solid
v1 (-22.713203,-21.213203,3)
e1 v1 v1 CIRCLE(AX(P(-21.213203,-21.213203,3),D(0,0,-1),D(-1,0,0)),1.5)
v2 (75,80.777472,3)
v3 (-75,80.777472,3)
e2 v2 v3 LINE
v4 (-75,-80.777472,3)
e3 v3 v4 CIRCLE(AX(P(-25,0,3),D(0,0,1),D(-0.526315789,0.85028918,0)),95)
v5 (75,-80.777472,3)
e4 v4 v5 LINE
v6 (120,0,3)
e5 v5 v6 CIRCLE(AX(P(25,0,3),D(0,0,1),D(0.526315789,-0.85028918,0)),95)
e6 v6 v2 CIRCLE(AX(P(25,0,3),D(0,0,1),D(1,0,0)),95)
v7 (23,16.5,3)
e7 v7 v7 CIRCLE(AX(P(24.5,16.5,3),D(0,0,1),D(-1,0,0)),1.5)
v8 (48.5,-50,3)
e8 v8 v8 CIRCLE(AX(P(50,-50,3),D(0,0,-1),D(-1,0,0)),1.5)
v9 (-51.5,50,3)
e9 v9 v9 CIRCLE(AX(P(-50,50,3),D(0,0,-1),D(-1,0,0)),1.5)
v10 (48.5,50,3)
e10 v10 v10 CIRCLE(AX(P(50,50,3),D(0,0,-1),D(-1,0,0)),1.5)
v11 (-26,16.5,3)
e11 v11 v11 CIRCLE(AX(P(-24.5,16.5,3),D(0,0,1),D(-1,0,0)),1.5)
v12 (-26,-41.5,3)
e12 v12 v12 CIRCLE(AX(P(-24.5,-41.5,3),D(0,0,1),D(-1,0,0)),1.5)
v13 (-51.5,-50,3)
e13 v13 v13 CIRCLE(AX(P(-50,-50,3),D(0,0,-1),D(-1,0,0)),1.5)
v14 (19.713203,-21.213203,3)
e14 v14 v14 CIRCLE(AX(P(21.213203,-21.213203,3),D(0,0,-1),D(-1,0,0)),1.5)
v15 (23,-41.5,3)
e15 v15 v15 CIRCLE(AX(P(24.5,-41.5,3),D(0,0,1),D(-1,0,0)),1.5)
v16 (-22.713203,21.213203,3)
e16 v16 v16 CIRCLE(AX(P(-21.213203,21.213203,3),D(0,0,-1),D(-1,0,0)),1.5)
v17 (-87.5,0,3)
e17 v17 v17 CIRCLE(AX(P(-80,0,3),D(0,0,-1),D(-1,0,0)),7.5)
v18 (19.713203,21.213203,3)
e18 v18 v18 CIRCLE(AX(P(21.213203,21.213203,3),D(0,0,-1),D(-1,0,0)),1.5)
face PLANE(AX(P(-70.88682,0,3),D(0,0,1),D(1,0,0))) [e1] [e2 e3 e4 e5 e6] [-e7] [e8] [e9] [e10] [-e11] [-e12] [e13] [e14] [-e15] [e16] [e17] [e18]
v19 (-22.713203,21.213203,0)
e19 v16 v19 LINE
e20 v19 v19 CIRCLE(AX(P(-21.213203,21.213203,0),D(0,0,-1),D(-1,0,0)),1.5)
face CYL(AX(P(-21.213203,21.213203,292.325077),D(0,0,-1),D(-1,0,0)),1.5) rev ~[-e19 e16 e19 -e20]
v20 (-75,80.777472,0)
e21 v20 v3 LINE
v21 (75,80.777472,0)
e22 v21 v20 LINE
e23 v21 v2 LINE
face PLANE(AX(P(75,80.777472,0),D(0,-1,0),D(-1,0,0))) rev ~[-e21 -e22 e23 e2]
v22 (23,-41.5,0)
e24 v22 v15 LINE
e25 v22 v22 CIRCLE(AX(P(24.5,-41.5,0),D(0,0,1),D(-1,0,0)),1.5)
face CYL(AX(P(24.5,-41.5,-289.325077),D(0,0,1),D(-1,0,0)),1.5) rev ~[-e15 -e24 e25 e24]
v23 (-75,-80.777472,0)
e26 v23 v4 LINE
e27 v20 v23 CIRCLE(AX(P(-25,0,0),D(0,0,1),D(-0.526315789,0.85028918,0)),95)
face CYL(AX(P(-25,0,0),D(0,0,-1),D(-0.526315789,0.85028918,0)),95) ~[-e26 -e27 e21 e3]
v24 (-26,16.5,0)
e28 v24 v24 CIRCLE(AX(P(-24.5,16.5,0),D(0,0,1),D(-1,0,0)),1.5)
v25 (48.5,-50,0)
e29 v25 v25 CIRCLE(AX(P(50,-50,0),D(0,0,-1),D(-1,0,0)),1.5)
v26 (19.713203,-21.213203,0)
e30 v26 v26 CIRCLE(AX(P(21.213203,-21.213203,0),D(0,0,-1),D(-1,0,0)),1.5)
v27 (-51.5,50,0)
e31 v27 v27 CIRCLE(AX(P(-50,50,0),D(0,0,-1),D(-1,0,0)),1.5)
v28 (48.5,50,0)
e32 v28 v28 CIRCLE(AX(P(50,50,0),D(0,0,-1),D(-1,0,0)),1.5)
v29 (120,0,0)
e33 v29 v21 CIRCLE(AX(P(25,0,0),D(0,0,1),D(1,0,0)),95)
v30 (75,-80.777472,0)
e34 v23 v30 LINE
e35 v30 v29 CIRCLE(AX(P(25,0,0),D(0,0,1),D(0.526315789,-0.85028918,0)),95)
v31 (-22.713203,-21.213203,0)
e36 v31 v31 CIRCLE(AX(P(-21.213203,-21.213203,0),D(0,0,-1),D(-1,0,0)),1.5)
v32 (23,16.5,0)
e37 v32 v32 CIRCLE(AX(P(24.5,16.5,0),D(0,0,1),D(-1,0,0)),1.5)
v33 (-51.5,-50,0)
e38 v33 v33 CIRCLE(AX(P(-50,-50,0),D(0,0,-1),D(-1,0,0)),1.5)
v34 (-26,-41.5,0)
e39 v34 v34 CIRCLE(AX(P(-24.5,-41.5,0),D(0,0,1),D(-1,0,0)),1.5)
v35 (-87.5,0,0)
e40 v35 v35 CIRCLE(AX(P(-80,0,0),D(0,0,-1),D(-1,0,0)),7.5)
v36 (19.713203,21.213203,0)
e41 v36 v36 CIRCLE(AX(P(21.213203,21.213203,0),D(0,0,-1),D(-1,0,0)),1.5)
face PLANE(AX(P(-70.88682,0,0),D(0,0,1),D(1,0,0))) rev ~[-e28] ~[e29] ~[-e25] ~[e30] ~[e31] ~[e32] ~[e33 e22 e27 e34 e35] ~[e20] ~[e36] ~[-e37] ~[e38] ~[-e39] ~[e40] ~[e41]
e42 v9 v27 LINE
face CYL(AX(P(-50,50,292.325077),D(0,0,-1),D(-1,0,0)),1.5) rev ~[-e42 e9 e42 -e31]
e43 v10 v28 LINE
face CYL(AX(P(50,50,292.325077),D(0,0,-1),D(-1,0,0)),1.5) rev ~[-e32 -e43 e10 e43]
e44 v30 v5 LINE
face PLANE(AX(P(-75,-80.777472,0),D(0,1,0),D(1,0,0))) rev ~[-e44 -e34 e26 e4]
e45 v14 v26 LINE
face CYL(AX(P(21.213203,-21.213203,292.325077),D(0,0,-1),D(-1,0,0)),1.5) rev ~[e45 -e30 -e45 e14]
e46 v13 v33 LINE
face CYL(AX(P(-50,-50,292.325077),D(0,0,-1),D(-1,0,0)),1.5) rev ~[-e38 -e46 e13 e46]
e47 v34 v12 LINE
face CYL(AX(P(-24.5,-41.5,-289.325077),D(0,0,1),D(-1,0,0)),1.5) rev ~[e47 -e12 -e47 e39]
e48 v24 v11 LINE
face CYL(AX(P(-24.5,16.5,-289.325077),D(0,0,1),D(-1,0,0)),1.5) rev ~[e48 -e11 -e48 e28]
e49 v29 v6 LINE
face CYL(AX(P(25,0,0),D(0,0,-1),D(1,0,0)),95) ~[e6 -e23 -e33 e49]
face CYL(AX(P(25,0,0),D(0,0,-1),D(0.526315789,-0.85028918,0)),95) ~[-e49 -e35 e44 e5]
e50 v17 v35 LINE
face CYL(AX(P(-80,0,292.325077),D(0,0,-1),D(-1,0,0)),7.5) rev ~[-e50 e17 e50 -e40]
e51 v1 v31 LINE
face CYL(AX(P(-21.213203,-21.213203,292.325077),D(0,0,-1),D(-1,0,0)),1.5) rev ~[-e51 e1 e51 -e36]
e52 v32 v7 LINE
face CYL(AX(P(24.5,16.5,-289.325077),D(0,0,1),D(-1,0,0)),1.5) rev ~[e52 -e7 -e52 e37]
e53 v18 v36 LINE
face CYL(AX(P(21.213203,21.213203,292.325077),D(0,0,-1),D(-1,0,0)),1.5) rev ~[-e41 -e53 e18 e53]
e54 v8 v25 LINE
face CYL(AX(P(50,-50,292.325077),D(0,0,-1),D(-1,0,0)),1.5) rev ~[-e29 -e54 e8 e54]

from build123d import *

# Parameters (mm, degrees)
F1_DEPTH = 3
F3_D     = 3
F5_D     = 3
F7_D     = 3
F9_D     = 15


with BuildPart() as f1:
    # F0 (on Top) → F1 (new body)
    with BuildSketch(Plane.XY):
        with BuildLine():
            Line((-25, 80.777472107), (-75, 80.777472107))
            ThreePointArc((-75, 80.777472107), (-120, 0), (-75, -80.777472107))
            Line((-75, -80.777472107), (-25, -80.777472107))
            ThreePointArc((-25, -80.777472107), (-70, 0), (-25, 80.777472107))
        make_face()
        with BuildLine():
            Line((25, 80.777472107), (-25, 80.777472107))
            ThreePointArc((-25, 80.777472107), (-70, 0), (-25, -80.777472107))
            Line((-25, -80.777472107), (25, -80.777472107))
            ThreePointArc((25, -80.777472107), (57.9909633635, -46.2331050223), (70, 0))
            ThreePointArc((70, 0), (57.9909633635, 46.2331050223), (25, 80.777472107))
        make_face()
        with BuildLine():
            Line((75, 80.777472107), (25, 80.777472107))
            ThreePointArc((25, 80.777472107), (57.9909633635, 46.2331050223), (70, 0))
            ThreePointArc((70, 0), (57.9909633635, -46.2331050223), (25, -80.777472107))
            Line((25, -80.777472107), (75, -80.777472107))
            ThreePointArc((75, -80.777472107), (107.9909633635, -46.2331050223), (120, 0))
            ThreePointArc((120, 0), (107.9909633635, 46.2331050223), (75, 80.777472107))
        make_face()
    extrude(amount=F1_DEPTH)

    # F3 (through all)
    with Locations(Plane.XY.offset(3)):
        with Locations((-50, 50), (50, 50), (50, -50), (-50, -50)):
            Hole(F3_D / 2)

    # F5 (through all)
    with Locations(Plane.XY.offset(3)):
        with Locations((-21.2132034356, 21.2132034356), (21.2132034356, 21.2132034356), (21.2132034356, -21.2132034356), (-21.2132034356, -21.2132034356)):
            Hole(F5_D / 2)

    # F7 (through all)
    with Locations(Plane(origin=(0, 0, 0), x_dir=(1, 0, 0), z_dir=(0, 0, -1))):
        with Locations((-24.5, 41.5), (24.5, 41.5), (24.5, -16.5), (-24.5, -16.5)):
            Hole(F7_D / 2)

    # F9 (through all)
    with Locations(Plane.XY.offset(3)):
        with Locations((-80, 0)):
            Hole(F9_D / 2)


solid = f1.part
